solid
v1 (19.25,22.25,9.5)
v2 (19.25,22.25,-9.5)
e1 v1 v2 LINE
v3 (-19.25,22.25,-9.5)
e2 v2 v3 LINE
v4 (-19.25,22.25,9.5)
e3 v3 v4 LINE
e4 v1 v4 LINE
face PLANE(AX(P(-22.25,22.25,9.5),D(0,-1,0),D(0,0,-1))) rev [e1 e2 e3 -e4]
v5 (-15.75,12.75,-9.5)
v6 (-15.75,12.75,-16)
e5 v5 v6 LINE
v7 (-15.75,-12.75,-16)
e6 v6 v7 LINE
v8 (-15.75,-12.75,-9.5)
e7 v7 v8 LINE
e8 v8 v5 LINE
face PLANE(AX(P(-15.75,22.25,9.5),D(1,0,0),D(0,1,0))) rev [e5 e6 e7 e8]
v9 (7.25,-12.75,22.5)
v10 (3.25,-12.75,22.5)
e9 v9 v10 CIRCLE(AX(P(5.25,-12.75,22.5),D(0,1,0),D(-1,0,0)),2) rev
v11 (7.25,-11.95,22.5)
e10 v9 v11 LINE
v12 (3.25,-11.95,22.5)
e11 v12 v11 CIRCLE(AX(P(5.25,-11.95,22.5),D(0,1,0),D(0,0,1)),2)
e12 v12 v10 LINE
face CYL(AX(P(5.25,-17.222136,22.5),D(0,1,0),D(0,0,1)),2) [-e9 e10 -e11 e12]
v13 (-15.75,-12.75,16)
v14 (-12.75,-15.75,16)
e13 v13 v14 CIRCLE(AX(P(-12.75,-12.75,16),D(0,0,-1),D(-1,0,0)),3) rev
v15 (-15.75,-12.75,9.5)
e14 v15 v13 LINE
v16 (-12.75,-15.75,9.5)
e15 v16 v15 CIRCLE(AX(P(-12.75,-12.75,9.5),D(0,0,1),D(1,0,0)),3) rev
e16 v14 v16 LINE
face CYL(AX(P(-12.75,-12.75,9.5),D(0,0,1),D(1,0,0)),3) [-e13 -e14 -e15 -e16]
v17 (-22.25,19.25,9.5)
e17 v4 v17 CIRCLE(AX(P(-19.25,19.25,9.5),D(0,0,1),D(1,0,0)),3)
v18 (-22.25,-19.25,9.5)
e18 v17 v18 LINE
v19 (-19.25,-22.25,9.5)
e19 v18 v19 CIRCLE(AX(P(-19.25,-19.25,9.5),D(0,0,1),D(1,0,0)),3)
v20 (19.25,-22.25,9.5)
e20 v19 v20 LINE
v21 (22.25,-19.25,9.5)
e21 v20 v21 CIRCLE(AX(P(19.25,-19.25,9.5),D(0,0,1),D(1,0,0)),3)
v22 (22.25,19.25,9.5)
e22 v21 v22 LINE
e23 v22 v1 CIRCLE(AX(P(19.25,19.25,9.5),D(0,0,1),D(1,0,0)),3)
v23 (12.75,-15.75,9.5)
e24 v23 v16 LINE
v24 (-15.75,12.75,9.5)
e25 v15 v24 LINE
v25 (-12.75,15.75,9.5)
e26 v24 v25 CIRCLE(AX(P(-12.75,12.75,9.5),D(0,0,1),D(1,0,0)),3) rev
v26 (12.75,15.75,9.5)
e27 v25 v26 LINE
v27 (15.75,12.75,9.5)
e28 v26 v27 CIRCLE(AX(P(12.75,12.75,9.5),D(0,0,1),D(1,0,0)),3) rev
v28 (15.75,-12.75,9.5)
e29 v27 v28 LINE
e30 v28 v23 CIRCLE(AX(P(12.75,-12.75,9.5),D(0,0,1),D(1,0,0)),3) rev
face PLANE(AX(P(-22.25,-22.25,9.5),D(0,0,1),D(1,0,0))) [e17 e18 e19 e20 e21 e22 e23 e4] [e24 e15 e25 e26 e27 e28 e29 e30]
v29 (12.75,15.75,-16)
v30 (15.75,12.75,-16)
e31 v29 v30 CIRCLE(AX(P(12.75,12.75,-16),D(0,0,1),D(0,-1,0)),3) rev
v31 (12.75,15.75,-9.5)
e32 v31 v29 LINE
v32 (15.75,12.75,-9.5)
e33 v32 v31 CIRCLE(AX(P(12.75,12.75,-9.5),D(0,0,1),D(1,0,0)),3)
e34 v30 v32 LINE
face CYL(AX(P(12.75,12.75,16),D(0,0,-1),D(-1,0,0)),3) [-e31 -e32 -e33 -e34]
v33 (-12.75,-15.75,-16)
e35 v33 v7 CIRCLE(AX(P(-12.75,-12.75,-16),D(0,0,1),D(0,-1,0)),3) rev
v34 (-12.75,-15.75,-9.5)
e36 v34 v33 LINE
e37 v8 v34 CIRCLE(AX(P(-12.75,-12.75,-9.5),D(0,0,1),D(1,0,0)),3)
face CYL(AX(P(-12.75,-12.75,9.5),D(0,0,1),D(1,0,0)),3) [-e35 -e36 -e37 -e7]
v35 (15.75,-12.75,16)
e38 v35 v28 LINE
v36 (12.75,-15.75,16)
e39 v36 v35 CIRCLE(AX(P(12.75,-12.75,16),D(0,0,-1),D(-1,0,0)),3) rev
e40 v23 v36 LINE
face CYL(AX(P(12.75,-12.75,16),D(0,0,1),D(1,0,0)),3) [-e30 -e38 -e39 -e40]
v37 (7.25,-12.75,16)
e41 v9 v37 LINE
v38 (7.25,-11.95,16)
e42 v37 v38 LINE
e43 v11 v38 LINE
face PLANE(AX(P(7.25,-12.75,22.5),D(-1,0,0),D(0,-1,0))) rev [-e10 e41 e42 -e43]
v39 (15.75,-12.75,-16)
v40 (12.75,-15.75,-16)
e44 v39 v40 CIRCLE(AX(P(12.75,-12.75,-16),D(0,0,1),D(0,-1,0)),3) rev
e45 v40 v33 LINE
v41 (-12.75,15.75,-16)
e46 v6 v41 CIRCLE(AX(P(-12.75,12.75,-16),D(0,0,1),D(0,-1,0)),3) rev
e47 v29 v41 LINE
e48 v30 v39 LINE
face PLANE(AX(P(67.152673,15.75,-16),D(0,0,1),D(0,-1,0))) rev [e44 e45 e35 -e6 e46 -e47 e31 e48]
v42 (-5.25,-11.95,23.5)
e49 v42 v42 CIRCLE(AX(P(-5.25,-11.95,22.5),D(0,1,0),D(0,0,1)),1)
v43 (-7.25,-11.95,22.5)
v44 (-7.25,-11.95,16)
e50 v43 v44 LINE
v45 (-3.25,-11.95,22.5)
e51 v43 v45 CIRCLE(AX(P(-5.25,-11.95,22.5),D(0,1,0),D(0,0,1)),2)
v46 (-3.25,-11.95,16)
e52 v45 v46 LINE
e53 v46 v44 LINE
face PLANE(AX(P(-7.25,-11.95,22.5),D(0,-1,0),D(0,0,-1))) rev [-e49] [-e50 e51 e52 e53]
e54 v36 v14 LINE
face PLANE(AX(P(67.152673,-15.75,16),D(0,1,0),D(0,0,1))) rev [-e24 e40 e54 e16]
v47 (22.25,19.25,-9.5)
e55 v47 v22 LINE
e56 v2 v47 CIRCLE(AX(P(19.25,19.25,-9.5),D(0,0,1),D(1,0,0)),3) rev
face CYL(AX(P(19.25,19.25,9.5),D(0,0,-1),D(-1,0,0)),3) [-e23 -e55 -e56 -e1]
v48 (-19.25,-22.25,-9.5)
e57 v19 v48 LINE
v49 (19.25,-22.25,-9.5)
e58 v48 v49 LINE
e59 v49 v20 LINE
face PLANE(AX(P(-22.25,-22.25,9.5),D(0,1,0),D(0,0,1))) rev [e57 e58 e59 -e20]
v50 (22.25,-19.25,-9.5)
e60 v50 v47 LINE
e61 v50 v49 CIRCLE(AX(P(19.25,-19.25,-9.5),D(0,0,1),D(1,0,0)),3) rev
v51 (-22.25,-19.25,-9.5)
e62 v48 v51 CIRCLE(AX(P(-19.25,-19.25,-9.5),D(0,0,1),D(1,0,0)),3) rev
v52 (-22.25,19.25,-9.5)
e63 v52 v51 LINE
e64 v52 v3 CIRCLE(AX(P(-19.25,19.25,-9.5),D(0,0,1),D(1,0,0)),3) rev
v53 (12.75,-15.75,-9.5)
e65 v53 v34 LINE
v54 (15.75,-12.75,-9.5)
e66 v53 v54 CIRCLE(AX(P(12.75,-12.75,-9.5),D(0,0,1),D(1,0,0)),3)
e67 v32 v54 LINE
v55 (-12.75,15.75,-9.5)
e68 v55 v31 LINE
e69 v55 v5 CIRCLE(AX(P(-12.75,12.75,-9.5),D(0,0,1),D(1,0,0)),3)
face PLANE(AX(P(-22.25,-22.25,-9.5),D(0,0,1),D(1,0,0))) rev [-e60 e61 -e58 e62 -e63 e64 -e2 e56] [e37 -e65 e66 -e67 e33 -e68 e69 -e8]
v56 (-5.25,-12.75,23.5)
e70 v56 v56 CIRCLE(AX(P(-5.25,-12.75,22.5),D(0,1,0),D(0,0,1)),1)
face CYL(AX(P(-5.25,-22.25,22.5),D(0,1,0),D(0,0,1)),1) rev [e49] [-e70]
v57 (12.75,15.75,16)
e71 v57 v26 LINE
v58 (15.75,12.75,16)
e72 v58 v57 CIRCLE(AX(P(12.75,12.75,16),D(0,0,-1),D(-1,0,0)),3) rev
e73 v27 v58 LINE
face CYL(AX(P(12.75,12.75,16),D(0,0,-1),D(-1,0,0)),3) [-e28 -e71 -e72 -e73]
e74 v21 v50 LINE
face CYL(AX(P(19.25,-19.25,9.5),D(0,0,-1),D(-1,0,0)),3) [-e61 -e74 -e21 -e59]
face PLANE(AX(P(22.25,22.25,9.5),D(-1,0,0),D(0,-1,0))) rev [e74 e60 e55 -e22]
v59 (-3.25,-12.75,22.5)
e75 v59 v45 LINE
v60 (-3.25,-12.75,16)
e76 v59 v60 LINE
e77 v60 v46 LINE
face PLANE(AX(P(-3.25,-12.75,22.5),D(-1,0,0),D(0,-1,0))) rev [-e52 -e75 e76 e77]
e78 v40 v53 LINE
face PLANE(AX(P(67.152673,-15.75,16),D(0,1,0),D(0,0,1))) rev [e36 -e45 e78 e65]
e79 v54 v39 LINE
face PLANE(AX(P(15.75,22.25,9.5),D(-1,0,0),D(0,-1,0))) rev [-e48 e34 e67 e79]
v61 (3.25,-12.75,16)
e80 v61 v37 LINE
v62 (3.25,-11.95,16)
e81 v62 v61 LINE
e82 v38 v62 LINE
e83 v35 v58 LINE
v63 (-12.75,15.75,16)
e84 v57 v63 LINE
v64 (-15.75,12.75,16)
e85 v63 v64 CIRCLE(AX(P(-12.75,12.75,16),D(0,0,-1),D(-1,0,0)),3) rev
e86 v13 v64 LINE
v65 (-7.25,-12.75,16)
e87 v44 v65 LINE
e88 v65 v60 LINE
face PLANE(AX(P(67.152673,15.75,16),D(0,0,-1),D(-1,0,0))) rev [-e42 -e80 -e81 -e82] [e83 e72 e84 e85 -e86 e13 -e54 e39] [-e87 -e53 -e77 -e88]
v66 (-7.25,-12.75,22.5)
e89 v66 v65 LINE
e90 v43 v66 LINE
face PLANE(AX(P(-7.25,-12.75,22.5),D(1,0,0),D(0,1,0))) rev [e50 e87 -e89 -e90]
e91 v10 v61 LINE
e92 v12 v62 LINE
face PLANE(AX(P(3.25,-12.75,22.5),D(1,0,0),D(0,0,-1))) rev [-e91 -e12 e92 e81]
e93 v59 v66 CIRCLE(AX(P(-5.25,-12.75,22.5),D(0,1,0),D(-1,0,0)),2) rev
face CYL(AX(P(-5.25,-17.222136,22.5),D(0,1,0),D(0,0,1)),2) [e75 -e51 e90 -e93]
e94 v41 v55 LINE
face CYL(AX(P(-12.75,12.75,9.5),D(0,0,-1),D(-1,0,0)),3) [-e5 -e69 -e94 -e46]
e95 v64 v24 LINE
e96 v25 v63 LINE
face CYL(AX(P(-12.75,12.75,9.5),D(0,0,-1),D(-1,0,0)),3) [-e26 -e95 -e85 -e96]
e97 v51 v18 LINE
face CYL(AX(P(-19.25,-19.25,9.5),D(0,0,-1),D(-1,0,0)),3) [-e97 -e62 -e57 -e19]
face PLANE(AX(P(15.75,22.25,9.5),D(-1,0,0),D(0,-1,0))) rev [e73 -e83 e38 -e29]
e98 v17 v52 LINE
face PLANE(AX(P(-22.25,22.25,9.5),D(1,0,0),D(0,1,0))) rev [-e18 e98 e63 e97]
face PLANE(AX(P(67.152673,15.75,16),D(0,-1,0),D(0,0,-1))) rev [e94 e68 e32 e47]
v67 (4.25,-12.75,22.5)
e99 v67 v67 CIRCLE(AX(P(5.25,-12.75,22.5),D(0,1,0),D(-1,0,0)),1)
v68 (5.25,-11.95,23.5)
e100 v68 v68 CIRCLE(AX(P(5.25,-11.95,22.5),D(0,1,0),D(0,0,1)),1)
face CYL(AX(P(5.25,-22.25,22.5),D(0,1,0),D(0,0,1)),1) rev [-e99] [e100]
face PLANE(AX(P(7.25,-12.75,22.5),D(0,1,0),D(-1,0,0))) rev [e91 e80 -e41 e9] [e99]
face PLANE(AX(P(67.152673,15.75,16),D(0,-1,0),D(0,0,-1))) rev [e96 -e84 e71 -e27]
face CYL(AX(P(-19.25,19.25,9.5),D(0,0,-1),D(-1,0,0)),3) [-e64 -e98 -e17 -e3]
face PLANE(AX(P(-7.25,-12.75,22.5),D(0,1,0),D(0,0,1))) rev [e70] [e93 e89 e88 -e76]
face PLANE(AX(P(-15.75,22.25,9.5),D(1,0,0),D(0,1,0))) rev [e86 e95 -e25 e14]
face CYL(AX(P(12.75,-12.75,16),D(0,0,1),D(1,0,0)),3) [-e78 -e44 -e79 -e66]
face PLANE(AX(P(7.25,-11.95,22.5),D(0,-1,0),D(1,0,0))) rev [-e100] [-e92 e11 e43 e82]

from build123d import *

# Parameters (mm, degrees)
SKETCH1_W           = 44.5
SKETCH1_H           = 44.5
BASE_EXTRUDE_DEPTH  = 9.5
BOSS_EXTRUDE1_START = -15.75
SKETCH2_W           = 32
SKETCH2_H           = 31.5
BOSS_EXTRUDE1_DEPTH = 31.5
FILLET1_R           = 3
SKETCH3_W           = 4
SKETCH3_H           = 0.8
BOSS_EXTRUDE2_DEPTH = 6.5
BOSS_EXTRUDE3_DEPTH = 0.8
SKETCH5_R           = 1
CUT_EXTRUDE1_DEPTH  = 48.591517101


with BuildPart() as part:
    # Sketch1 → Base-Extrude (new, symmetric)
    with BuildSketch(Plane.XY):
        Rectangle(SKETCH1_W, SKETCH1_H)
    extrude(amount=BASE_EXTRUDE_DEPTH, both=True)

    # Sketch2 → Boss-Extrude1 (add)
    with BuildSketch(Plane(origin=(0, 0, 0), x_dir=(0, 0, -1), z_dir=(1, 0, 0)).offset(BOSS_EXTRUDE1_START)):
        Rectangle(SKETCH2_W, SKETCH2_H)
    extrude(amount=BOSS_EXTRUDE1_DEPTH)

    # Fillet1
    fillet1_edges = [part.edges().sort_by_distance(p)[0] for p in [
        (15.75, 15.75, -12.75),
        (15.75, -15.75, -12.75),
        (-15.75, -15.75, -12.75),
        (-15.75, 15.75, -12.75),
        (15.75, 15.75, 12.75),
        (15.75, -15.75, 12.75),
        (-15.75, -15.75, 12.75),
        (-15.75, 15.75, 12.75),
        (-22.25, 22.25, 0),
        (22.25, 22.25, 0),
        (22.25, -22.25, 0),
        (-22.25, -22.25, 0),
    ]]
    fillet(fillet1_edges, radius=FILLET1_R)

    # Sketch3 → Boss-Extrude2 (add)
    with BuildSketch(Plane.XY.offset(16)):
        with Locations((-5.25, -12.35)):
            Rectangle(SKETCH3_W, SKETCH3_H)
        with Locations((5.25, -12.35)):
            Rectangle(SKETCH3_W, SKETCH3_H)
    extrude(amount=BOSS_EXTRUDE2_DEPTH)

    # Sketch4 → Boss-Extrude3 (add)
    with BuildSketch(Plane(origin=(0, -11.95, 0), x_dir=(-1, 0, 0), z_dir=(0, 1, 0))):
        with BuildLine():
            Line((-7.25, 22.5), (-3.25, 22.5))
            ThreePointArc((-3.25, 22.5), (-5.25, 24.5), (-7.25, 22.5))
        make_face()
        with BuildLine():
            Line((3.25, 22.5), (7.25, 22.5))
            ThreePointArc((7.25, 22.5), (5.25, 24.5), (3.25, 22.5))
        make_face()
    extrude(amount=-BOSS_EXTRUDE3_DEPTH)

    # Sketch5 → Cut-Extrude1 (cut, through all)
    with BuildSketch(Plane(origin=(0, -11.95, 0), x_dir=(-1, 0, 0), z_dir=(0, 1, 0))):
        with Locations(Location((5.25, 22.5, 0), (0, 0, 90))):
            Circle(SKETCH5_R)
        with Locations(Location((-5.25, 22.5, 0), (0, 0, 90))):
            Circle(SKETCH5_R)
    extrude(amount=-CUT_EXTRUDE1_DEPTH, mode=Mode.SUBTRACT)


solid = part.part
